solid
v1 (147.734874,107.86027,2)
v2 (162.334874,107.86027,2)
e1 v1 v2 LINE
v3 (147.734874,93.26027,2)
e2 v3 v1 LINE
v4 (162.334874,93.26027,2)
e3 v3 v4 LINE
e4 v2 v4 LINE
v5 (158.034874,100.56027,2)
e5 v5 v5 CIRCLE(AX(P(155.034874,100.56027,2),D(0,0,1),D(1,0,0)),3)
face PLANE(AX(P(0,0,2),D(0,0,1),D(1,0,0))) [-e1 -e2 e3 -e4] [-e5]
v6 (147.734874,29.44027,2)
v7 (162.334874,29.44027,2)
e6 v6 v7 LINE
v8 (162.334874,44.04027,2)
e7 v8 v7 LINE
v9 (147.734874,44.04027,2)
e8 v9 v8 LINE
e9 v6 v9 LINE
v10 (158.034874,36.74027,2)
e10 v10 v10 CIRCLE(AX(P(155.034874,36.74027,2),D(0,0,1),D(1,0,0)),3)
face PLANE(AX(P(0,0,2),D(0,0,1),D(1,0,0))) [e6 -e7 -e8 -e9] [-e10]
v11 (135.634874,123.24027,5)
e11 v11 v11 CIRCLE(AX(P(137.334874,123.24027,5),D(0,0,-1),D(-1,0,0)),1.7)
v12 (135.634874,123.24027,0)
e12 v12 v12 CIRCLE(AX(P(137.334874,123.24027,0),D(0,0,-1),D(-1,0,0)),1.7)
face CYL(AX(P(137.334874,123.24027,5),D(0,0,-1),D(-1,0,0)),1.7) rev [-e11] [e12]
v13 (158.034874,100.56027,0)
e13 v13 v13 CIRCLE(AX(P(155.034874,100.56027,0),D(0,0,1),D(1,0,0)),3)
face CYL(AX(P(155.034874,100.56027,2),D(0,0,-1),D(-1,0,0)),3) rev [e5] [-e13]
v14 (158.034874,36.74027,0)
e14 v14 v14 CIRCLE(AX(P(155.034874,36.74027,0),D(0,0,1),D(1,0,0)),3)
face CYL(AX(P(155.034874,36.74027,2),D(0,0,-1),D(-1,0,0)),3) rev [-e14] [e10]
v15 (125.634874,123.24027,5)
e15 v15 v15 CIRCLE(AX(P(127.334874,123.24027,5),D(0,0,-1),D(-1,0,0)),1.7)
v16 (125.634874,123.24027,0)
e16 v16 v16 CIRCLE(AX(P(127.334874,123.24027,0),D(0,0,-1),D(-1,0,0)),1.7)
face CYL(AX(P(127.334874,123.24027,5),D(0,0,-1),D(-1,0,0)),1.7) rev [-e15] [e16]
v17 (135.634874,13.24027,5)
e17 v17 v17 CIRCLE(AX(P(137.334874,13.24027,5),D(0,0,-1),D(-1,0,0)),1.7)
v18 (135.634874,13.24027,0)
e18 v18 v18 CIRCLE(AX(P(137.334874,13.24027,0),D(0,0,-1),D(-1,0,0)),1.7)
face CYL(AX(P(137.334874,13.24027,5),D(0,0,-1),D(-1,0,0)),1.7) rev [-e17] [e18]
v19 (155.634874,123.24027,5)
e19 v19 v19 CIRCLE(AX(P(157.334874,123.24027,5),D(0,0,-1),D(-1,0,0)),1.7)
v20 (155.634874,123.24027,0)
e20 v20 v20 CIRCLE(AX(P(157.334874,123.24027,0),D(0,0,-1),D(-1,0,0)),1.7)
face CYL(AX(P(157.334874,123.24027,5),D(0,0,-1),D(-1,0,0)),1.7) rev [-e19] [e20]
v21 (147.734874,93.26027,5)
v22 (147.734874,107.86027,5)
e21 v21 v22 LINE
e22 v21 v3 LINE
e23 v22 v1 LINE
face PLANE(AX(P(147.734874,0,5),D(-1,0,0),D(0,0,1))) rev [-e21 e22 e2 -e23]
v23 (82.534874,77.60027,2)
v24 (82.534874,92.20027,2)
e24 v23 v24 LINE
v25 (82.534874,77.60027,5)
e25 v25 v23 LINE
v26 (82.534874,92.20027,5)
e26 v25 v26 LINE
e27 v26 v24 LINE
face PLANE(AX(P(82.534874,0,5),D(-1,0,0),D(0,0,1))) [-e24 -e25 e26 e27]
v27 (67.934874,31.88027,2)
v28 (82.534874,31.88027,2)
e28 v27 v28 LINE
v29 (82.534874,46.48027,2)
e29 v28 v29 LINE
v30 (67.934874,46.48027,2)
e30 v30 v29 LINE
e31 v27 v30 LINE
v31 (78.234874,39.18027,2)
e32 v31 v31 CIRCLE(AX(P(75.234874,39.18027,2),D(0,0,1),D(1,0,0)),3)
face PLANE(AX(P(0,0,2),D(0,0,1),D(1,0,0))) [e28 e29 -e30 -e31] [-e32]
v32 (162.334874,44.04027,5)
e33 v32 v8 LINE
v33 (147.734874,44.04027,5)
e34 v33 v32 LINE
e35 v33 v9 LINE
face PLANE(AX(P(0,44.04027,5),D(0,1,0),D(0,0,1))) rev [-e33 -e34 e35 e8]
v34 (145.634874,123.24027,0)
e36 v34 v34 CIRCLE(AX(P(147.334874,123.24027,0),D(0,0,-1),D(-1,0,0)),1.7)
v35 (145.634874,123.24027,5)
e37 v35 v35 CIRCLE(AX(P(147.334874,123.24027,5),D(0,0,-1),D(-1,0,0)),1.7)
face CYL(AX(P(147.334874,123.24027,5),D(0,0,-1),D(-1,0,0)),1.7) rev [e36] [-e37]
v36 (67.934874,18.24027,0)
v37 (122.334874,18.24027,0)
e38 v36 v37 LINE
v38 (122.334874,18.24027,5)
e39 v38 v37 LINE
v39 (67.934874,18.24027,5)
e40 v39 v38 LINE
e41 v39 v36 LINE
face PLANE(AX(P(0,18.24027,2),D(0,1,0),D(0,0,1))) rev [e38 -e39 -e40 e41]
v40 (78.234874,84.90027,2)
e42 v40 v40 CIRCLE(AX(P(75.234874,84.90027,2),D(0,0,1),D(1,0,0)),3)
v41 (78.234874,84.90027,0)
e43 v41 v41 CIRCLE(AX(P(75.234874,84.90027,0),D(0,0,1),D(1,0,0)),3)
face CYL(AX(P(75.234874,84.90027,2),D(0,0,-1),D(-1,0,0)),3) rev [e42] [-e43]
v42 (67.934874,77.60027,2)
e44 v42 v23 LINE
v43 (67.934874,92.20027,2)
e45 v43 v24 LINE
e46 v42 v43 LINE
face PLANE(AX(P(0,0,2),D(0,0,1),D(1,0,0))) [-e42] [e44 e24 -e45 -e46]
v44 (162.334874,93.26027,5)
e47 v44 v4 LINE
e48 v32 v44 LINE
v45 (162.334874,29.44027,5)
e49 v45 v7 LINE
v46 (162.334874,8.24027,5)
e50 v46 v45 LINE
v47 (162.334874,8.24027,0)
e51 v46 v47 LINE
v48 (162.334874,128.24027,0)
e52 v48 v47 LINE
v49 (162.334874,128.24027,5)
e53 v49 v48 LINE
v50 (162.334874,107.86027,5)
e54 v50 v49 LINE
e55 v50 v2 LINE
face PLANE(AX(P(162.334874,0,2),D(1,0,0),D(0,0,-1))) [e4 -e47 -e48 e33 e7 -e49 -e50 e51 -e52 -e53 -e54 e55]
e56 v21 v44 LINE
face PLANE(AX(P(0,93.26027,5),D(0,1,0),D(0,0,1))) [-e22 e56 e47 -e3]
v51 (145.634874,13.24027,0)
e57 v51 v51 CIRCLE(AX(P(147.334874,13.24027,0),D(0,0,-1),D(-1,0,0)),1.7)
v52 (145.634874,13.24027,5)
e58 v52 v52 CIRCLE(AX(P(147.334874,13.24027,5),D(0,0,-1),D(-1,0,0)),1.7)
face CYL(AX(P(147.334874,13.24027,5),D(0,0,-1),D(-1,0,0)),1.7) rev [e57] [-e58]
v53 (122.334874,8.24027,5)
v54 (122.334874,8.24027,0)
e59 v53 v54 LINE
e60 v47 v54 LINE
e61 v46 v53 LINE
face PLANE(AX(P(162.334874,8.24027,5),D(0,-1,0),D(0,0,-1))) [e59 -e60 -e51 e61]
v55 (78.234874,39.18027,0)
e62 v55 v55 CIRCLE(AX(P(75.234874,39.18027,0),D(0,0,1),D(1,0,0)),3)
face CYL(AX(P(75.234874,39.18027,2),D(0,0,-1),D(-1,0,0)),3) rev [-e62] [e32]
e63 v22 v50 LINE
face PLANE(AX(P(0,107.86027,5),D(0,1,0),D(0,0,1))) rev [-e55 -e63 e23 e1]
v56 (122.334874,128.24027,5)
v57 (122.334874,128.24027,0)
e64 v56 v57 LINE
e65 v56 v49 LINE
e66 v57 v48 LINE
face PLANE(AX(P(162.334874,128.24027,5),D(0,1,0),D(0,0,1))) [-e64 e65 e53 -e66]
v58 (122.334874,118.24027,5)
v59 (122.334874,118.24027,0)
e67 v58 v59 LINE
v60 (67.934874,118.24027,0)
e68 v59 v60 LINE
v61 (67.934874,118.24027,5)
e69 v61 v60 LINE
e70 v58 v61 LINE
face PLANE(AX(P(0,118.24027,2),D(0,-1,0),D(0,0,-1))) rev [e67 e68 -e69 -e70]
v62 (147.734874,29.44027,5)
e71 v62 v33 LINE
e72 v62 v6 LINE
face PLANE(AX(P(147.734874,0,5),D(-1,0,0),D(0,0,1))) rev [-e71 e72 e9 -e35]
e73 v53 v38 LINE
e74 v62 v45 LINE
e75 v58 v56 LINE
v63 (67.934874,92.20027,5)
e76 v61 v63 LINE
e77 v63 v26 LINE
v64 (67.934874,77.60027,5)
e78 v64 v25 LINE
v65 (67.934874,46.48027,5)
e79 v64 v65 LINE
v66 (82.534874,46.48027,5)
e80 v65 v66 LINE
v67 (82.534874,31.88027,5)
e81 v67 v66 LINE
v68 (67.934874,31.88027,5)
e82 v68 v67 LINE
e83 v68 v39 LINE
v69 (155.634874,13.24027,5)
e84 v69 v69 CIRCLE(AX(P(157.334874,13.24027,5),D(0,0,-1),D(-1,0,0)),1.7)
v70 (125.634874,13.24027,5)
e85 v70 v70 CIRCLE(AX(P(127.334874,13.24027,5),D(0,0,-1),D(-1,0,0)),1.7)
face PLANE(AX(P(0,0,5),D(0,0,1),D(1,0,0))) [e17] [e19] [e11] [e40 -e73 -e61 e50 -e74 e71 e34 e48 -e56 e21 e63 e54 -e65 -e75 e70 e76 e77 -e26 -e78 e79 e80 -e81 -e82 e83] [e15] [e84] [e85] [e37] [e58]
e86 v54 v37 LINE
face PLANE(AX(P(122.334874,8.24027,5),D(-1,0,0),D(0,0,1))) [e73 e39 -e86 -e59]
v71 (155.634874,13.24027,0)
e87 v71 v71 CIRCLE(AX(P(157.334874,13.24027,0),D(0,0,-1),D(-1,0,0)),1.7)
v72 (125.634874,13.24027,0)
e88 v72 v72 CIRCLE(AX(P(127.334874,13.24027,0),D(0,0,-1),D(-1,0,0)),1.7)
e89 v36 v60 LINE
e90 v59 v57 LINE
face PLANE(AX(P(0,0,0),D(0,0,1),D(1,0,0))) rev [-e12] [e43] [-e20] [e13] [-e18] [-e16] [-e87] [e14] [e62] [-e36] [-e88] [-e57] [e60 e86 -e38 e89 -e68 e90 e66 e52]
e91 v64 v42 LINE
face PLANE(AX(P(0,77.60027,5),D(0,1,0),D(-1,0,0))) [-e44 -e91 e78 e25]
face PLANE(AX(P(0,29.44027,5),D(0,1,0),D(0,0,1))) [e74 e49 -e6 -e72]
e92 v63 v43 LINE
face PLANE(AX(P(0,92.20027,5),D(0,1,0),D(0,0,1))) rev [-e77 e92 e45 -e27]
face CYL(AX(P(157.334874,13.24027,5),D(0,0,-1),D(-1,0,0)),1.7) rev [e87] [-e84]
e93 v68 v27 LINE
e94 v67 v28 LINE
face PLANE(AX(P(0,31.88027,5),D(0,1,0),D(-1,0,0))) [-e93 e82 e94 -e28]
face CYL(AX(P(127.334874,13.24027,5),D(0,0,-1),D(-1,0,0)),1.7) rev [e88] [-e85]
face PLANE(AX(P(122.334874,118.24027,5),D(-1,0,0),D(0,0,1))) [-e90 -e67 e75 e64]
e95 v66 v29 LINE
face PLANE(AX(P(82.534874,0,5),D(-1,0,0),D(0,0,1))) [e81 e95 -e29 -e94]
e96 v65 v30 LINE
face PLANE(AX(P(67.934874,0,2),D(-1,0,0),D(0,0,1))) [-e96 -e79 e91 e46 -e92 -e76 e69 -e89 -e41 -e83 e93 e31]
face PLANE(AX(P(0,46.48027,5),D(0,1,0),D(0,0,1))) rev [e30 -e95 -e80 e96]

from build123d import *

# Parameters (mm, degrees)
SKETCH2_W           = 92
SKETCH2_H           = 100
SKETCH2_R           = 3
SKETCH2_W_2         = 2.4
BOSS_EXTRUDE1_DEPTH = 2
BOSS_EXTRUDE3_DEPTH = 3
SKETCH5_W           = 40
SKETCH5_H           = 10
SKETCH5_R           = 1.7
BOSS_EXTRUDE4_DEPTH = 5


with BuildPart() as part:
    # Sketch2 → Boss-Extrude1 (new body)
    # profile 1 of 2: a face of its own
    with BuildSketch(Plane.XY):
        with Locations((113.934873736, 68.240270394)):
            Rectangle(SKETCH2_W, SKETCH2_H)
        with Locations((75.234873736, 39.180270394)):
            Circle(SKETCH2_R, mode=Mode.SUBTRACT)
        with Locations((155.034873736, 36.740270394)):
            Circle(SKETCH2_R, mode=Mode.SUBTRACT)
        with Locations((75.234873736, 84.900270394)):
            Circle(SKETCH2_R, mode=Mode.SUBTRACT)
        with Locations((155.034873736, 100.560270394)):
            Circle(SKETCH2_R, mode=Mode.SUBTRACT)
    # profile 2 of 2: a face of its own
    with BuildSketch(Plane.XY):
        with Locations((161.134873736, 68.240270394)):
            Rectangle(SKETCH2_W_2, SKETCH2_H)
    extrude(amount=BOSS_EXTRUDE1_DEPTH)

    # Sketch3 → Boss-Extrude3 (add)
    with BuildSketch(Plane.XY.offset(2)):
        Polygon((82.534873736, 77.600270394), (67.934873736, 77.600270394), (67.934873736, 46.480270394), (82.534873736, 46.480270394), (82.534873736, 31.880270394), (67.934873736, 31.880270394), (67.934873736, 18.240270394), (162.334873736, 18.240270394), (162.334873736, 29.440270394), (147.734873736, 29.440270394), (147.734873736, 44.040270394), (162.334873736, 44.040270394), (162.334873736, 93.260270394), (147.734873736, 93.260270394), (147.734873736, 107.860270394), (162.334873736, 107.860270394), (162.334873736, 118.240270394), (67.934873736, 118.240270394), (67.934873736, 92.200270394), (82.534873736, 92.200270394), align=None)
    extrude(amount=BOSS_EXTRUDE3_DEPTH)

    # Sketch5 → Boss-Extrude4 (add)
    # profile 1 of 2: a face of its own
    with BuildSketch(Plane(origin=(0, 0, 0), x_dir=(-1, 0, 0), z_dir=(0, 0, -1))):
        with Locations((-142.334873736, 123.240270394)):
            Rectangle(SKETCH5_W, SKETCH5_H)
        with Locations((-157.334873736, 123.240270394)):
            Circle(SKETCH5_R, mode=Mode.SUBTRACT)
        with Locations((-147.334873736, 123.240270394)):
            Circle(SKETCH5_R, mode=Mode.SUBTRACT)
        with Locations((-137.334873736, 123.240270394)):
            Circle(SKETCH5_R, mode=Mode.SUBTRACT)
        with Locations((-127.334873736, 123.240270394)):
            Circle(SKETCH5_R, mode=Mode.SUBTRACT)
    # profile 2 of 2: a face of its own
    with BuildSketch(Plane(origin=(0, 0, 0), x_dir=(-1, 0, 0), z_dir=(0, 0, -1))):
        with Locations((-142.334873736, 13.240270394)):
            Rectangle(SKETCH5_W, SKETCH5_H)
        with Locations((-157.334873736, 13.240270394)):
            Circle(SKETCH5_R, mode=Mode.SUBTRACT)
        with Locations((-147.334873736, 13.240270394)):
            Circle(SKETCH5_R, mode=Mode.SUBTRACT)
        with Locations((-137.334873736, 13.240270394)):
            Circle(SKETCH5_R, mode=Mode.SUBTRACT)
        with Locations((-127.334873736, 13.240270394)):
            Circle(SKETCH5_R, mode=Mode.SUBTRACT)
    extrude(amount=-BOSS_EXTRUDE4_DEPTH)


solid = part.part
